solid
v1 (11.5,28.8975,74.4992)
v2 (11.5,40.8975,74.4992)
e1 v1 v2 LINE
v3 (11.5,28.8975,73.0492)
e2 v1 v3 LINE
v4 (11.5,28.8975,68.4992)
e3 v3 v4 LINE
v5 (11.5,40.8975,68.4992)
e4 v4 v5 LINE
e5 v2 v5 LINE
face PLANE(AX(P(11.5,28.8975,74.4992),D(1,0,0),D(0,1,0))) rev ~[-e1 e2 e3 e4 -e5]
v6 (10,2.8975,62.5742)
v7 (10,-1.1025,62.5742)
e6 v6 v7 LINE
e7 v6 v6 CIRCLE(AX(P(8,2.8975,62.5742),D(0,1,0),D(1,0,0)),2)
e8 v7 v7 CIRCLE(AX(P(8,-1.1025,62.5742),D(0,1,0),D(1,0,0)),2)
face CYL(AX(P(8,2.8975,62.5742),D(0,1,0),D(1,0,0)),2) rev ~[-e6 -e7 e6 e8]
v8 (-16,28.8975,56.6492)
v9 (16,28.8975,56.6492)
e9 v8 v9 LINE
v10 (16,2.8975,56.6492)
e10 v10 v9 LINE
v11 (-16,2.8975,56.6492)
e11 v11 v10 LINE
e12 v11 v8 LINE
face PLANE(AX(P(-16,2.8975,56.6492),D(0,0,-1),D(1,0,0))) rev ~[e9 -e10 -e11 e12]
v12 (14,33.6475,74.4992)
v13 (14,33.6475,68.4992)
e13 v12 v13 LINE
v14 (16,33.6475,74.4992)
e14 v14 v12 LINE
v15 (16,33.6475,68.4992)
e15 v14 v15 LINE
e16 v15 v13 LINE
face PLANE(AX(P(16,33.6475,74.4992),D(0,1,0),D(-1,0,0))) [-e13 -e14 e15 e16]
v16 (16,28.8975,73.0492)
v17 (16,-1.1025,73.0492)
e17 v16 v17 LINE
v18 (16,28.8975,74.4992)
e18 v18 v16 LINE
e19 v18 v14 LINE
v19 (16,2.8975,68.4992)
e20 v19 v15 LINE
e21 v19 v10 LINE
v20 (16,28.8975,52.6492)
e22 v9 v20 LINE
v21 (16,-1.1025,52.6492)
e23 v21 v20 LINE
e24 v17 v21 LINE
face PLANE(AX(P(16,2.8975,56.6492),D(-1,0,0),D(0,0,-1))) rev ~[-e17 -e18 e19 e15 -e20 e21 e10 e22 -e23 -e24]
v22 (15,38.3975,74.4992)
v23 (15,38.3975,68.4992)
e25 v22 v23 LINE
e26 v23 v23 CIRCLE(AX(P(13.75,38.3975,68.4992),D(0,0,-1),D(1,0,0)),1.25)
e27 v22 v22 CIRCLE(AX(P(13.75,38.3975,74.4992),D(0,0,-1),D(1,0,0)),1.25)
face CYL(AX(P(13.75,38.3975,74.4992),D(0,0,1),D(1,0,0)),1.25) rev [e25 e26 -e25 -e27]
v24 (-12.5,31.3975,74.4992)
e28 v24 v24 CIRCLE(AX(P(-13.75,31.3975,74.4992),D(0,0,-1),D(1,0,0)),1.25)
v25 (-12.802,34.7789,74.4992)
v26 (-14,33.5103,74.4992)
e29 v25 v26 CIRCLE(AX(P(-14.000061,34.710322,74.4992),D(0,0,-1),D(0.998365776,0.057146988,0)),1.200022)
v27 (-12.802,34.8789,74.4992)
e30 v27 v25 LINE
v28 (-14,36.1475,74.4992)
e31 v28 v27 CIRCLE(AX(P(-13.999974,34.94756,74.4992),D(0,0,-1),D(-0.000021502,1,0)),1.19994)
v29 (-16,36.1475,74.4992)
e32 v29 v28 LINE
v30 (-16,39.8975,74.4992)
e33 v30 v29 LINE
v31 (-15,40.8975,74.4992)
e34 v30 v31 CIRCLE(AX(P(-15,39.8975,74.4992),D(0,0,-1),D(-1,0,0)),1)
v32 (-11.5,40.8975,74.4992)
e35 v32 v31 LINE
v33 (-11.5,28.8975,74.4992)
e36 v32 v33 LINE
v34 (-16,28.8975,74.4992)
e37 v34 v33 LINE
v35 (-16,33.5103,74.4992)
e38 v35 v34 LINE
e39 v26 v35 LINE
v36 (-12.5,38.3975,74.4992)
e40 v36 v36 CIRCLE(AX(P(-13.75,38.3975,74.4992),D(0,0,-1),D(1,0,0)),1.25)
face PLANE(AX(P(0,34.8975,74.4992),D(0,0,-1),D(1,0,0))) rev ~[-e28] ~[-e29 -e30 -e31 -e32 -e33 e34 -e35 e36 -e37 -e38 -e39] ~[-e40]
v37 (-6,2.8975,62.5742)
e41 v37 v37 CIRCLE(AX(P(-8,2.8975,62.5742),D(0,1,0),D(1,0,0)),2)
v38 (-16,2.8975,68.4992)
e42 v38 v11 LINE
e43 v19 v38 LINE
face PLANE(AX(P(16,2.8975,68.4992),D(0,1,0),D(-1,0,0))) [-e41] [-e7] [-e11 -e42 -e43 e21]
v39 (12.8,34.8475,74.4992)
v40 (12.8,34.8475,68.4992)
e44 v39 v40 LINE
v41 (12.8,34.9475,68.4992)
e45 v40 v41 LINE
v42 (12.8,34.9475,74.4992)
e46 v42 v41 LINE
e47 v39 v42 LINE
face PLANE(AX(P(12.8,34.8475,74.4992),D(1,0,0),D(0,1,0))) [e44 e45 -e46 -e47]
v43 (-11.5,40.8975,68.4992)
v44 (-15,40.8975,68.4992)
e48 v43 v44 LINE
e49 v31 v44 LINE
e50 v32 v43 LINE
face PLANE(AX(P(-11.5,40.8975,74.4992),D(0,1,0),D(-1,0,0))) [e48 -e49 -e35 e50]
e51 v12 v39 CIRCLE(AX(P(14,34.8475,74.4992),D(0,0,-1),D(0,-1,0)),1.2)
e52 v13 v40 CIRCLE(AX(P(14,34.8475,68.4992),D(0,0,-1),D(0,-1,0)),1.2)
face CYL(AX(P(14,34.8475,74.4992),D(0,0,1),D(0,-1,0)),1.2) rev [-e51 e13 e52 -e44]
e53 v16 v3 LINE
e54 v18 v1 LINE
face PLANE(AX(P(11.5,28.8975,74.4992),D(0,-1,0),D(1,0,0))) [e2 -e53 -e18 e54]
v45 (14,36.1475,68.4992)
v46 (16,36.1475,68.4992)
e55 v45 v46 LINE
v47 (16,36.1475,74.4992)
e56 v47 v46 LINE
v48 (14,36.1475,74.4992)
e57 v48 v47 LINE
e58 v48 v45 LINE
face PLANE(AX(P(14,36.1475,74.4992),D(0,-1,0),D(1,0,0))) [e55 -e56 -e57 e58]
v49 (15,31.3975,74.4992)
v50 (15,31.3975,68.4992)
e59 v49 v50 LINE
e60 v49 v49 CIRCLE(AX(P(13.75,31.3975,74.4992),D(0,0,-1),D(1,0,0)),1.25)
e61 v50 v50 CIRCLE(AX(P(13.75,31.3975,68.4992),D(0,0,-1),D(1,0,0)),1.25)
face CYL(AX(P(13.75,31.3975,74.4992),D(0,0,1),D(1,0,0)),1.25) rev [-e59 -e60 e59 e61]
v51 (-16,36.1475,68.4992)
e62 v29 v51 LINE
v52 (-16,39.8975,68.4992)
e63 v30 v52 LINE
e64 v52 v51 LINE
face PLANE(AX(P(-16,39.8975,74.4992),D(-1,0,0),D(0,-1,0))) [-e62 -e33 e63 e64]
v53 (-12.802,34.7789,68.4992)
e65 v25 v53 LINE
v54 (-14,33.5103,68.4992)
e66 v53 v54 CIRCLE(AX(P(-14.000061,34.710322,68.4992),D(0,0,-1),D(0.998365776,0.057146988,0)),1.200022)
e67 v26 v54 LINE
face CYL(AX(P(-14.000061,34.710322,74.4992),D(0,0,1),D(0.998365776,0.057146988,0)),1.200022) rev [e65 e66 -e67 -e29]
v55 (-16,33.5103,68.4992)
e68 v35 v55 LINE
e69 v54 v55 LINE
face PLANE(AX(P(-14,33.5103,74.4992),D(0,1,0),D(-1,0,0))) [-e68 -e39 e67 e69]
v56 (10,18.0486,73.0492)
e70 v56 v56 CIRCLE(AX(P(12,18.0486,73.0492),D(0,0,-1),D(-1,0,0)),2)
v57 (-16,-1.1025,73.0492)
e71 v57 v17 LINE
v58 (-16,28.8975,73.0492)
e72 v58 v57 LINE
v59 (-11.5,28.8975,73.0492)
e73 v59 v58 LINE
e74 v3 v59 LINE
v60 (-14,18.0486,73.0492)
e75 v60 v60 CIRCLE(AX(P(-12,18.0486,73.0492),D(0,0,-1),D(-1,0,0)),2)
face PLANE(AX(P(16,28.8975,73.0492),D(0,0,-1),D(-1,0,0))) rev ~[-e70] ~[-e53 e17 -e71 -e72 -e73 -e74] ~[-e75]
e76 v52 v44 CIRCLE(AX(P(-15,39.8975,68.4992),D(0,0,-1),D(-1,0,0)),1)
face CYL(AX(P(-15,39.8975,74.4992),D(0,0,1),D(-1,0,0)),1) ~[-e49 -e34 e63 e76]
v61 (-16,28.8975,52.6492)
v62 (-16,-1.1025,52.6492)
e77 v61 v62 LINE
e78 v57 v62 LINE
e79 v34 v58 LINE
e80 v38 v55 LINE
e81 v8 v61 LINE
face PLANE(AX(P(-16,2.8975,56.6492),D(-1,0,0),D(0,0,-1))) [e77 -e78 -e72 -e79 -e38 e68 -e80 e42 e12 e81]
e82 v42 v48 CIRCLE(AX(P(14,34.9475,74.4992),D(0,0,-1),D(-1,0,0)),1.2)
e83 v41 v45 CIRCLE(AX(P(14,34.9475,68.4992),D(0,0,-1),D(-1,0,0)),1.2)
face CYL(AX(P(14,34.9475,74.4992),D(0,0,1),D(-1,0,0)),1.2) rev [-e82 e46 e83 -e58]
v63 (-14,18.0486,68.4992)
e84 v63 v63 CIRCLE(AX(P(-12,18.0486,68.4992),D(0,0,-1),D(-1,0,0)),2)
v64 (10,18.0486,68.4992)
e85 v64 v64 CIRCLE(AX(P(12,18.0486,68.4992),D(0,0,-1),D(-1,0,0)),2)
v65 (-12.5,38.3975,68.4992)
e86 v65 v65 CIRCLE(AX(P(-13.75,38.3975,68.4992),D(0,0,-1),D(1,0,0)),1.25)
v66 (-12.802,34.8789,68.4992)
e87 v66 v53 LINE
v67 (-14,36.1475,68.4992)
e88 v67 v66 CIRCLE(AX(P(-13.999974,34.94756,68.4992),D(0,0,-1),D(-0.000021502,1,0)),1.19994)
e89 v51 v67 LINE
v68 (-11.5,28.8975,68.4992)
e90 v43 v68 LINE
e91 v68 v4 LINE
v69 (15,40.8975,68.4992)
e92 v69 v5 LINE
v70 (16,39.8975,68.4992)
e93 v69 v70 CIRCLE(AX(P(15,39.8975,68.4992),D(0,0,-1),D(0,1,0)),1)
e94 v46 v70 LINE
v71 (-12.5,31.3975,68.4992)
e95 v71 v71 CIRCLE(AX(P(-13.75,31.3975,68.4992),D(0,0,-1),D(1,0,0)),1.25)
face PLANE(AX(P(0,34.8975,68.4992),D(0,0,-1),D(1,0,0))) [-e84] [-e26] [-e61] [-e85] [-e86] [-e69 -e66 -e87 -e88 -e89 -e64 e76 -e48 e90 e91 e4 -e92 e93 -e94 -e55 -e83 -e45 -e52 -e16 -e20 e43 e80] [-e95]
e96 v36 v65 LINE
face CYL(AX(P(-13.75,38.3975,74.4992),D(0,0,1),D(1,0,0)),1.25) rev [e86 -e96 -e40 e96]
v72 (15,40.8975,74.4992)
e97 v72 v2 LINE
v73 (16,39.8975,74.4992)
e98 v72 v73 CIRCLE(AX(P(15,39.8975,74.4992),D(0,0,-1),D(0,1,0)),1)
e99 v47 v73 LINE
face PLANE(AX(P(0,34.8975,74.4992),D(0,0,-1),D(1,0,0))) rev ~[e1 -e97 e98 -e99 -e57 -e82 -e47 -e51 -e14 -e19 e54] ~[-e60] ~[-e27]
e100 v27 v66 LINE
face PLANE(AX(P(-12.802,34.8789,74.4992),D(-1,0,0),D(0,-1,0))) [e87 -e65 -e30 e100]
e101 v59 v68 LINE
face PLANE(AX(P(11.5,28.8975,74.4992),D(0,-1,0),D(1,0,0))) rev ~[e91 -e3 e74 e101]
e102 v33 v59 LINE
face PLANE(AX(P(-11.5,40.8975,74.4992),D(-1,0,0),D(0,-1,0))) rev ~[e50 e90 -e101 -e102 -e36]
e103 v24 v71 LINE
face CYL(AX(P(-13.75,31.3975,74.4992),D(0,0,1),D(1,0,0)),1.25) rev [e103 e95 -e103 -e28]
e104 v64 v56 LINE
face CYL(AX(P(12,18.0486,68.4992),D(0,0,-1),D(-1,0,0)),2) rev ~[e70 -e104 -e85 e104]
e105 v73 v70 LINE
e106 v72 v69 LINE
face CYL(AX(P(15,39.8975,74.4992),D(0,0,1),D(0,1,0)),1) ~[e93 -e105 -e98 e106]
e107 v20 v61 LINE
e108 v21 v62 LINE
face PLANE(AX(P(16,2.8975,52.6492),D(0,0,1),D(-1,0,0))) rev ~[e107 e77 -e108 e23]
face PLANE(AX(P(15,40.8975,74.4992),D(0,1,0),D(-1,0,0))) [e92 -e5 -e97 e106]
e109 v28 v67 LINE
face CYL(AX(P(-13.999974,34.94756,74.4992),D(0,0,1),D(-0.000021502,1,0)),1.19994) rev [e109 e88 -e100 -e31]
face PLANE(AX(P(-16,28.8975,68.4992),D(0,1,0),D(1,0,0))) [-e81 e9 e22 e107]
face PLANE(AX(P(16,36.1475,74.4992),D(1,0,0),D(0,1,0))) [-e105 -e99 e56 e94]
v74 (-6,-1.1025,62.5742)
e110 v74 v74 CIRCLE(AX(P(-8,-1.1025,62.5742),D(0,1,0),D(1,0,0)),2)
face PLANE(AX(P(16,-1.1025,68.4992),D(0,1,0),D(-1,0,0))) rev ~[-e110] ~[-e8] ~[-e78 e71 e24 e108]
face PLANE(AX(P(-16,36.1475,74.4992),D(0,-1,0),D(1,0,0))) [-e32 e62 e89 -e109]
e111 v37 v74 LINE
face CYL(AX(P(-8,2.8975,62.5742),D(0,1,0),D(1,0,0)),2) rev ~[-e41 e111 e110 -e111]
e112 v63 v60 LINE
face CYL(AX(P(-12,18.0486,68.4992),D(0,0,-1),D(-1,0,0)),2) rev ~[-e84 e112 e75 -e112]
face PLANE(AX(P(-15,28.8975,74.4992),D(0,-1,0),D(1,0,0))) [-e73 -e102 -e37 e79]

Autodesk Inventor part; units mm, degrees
ref_plane "РабПлоскость1" through (0, 34.8975, 74.4992) normal (0, 0, -1) x (1, 0, 0)
sketch "Эскиз1" plane through (0, 34.8975, 74.4992) normal (0, 0, -1) x (1, 0, 0)
  line L0 (11.5, 6) -> (11.5, -6) projected
  line L1 (15, -6) -> (11.5, -6) projected
  arc A0 (15, -6) -> (16, -5) centre (15, -5) ccw projected
  line L2 (16, -1.25) -> (16, -5) projected
  line L3 (14, -1.25) -> (16, -1.25) projected
  arc A1 (12.8, -0.05) -> (14, -1.25) centre (14, -0.05) ccw projected
  line L4 (12.8, 0.05) -> (12.8, -0.05) projected
  arc A2 (14, 1.25) -> (12.8, 0.05) centre (14, 0.05) ccw projected
  line L5 (16, 1.25) -> (14, 1.25) projected
  line L6 (16, 5) -> (16, 1.25) projected
  arc A3 (16, 5) -> (15, 6) centre (15, 5) ccw projected
  line L7 (11.5, 6) -> (15, 6) projected
  circle A4 centre (13.75, 3.5) radius 1.25 projected
  circle A5 centre (13.75, -3.5) radius 1.25 projected
  line L8 (-11.5, -6) -> (-11.5, 6) projected
  line L9 (-15, 6) -> (-11.5, 6) projected
  arc A6 (-15, 6) -> (-16, 5) centre (-15, 5) ccw projected
  line L10 (-16, 1.3872) -> (-16, 5) projected
  line L11 (-14, 1.3872) -> (-16, 1.3872) projected
  arc A7 (-12.802, 0.1186) -> (-14, 1.3872) centre (-14, 0.1872) ccw projected
  line L12 (-12.802, 0.0186) -> (-12.802, 0.1186) projected
  arc A8 (-14, -1.25) -> (-12.802, 0.0186) centre (-14, -0.05) ccw projected
  line L13 (-16, -1.25) -> (-14, -1.25) projected
  line L14 (-16, -5) -> (-16, -1.25) projected
  arc A9 (-16, -5) -> (-15, -6) centre (-15, -5) ccw projected
  line L15 (-11.5, -6) -> (-15, -6) projected
  circle A10 centre (-13.75, 3.5) radius 1.25 projected
  circle A11 centre (-13.75, -3.5) radius 1.25 projected
  line L16 (16, 5) -> (16, 6)
  line L17 (16, 6) -> (15, 6)
  line L18 (-16, 5) -> (-16, 6)
  line L19 (-16, 6) -> (-15, 6)
  point P0 (0, 34.8975)
extrude "Выдавливание1" add sketch "Эскиз1" along normal blind 6
sketch "Эскиз2" plane through (0, 34.8975, 68.4992) normal (0, 0, -1) x (-1, 0, 0)
  point P0 (0, -34.8975)
sketch "Эскиз3" plane through (11.5, 28.8975, 74.4992) normal (0, -1, 0) x (1, 0, 0)
  line L0 (4.5, 0) -> (4.5, -6) projected
  line L1 (4.5, -6) -> (0, -6)
  line L2 (0, -6) -> (0, 0)
  line L3 (0, 0) -> (4.5, 0)
  line L4 (4.5, 0) -> (4.5, -6)
  line L5 (-27.5, 0) -> (-27.5, -6) projected
  line L6 (-23, 0) -> (-23, -6) projected
  line L7 (-27.5, -6) -> (-23, -6)
  line L8 (-23, -6) -> (-23, 0)
  line L9 (-23, 0) -> (-27.5, 0)
  line L10 (-27.5, 0) -> (-27.5, -6)
  line L11 (0, -6) -> (-23, -6)
  line L12 (-23, -6) -> (-23, 0)
  line L13 (-23, 0) -> (0, 0)
  line L14 (0, 0) -> (0, -6)
  line L15 (18.5784, -1.45) -> (-41.4216, -1.45) projected
  point P0 (-11.5, -74.4992)
  point P1 (4.5, -1.45)
  point P2 (-27.5, -1.45)
extrude "Выдавливание2" add sketch "Эскиз3" along normal blind 30 contours L0 L1 L2 L15 | L2 L11 L6 L15 | L6 L7 L5 L15
sketch "Эскиз4" plane through (0, 34.8975, 68.4992) normal (0, 0, -1) x (-1, 0, 0)
  line L0 (-16, -6) -> (-11.5, -6) projected
  line L1 (16, -6) -> (16, -36) projected
  line L2 (-16, -6) -> (16, -6)
  line L3 (16, -6) -> (16, -16)
  line L4 (16, -16) -> (-16, -16)
  line L5 (-16, -16) -> (-16, -6)
  point P0 (16, -6)
  point P1 (-11.5, -6)
  dimension "d4" = 10
ref_plane "РабПлоскость2" through (-11.5, 28.8975, 52.6492) normal (0, 0, -1) x (0, 1, 0)
sketch "Эскиз5" plane through (0, 34.8975, 68.4992) normal (0, 0, -1) x (-1, 0, 0)
  line L0 (-16, -36) -> (16, -36) projected
  line L1 (16, -36) -> (-16, -36)
  line L2 (-16, -36) -> (-16, -32)
  line L3 (-16, -32) -> (16, -32)
  line L4 (16, -32) -> (16, -36)
  point P0 (0, -34.8975)
  point P1 (-16, -36)
  dimension "d7" = 4
ref_plane "РабПлоскость3" through (-11.5, 28.8975, 52.6492) normal (0, 0, -1) x (0, 1, 0)
extrude "Выдавливание4" add sketch "Эскиз5" along normal up to surface (15.85 mm away)
sketch "Эскиз6" plane through (-16, 2.8975, 68.4992) normal (0, 1, 0) x (1, 0, 0)
  line L0 (32, -4.55) -> (32, 15.85) projected
  line L1 (0, -4.55) -> (0, 15.85) projected
  line L2 (32, 15.85) -> (0, 15.85)
  line L3 (0, 15.85) -> (0, 11.85)
  line L4 (0, 11.85) -> (32, 11.85)
  line L5 (32, 11.85) -> (32, 15.85)
  point P0 (16, 68.4992)
  point P1 (32, 11.85)
  dimension "d10" = 4
ref_plane "РабПлоскость4" through (-15, 28.8975, 52.6492) normal (0, -1, 0) x (1, 0, 0)
extrude "Выдавливание5" add sketch "Эскиз6" along normal up to surface (26 mm away)
sketch "Эскиз7" plane through (-16, 2.8975, 68.4992) normal (0, 1, 0) x (1, 0, 0)
  line L0 (32, 11.85) -> (0, 11.85) projected
  line L1 (0, 0) -> (0, 11.85) projected
  line L2 (32, 0) -> (0, 0) projected
  line L3 (32, 0) -> (32, 11.85) projected
  point P0 (16, 68.4992)
sketch "Эскиз8" plane through (-16, 2.8975, 68.4992) normal (0, 1, 0) x (1, 0, 0)
  circle A0 centre (8, 5.925) radius 2
  circle A1 centre (24, 5.925) radius 2
  line L0 (27.5, 0) -> (31, 0) projected
  line L1 (4.5, 0) -> (27.5, 0) projected
  line L2 (0, 0) -> (0, 11.85) projected
  line L3 (32, 0) -> (32, 11.85) projected
  point P0 (16, 68.4992)
  dimension "d13" = 4
  dimension "d14" = 4
  dimension "d15" = 5.925
  dimension "d16" = 5.925
  dimension "d17" = 8
  dimension "d18" = 8
extrude "Выдавливание6" cut sketch "Эскиз8" against normal blind 10
sketch "Эскиз9" plane through (0, 34.8975, 68.4992) normal (0, 0, -1) x (-1, 0, 0)
  circle A0 centre (-12, -16.8489) radius 2
  circle A1 centre (12, -16.8489) radius 2
  line L0 (-16, -36) -> (-16, -6) projected
  line L1 (-16, -6) -> (16, -6) projected
  line L2 (16, -1.3872) -> (16, -32) projected
  point P0 (0, -34.8975)
  dimension "d21" = 4
  dimension "d22" = 4
  dimension "d24" = 4
  dimension "d25" = 24
extrude "Выдавливание7" cut sketch "Эскиз9" against normal blind 10
properties part number "держатель сервомоторчика"
